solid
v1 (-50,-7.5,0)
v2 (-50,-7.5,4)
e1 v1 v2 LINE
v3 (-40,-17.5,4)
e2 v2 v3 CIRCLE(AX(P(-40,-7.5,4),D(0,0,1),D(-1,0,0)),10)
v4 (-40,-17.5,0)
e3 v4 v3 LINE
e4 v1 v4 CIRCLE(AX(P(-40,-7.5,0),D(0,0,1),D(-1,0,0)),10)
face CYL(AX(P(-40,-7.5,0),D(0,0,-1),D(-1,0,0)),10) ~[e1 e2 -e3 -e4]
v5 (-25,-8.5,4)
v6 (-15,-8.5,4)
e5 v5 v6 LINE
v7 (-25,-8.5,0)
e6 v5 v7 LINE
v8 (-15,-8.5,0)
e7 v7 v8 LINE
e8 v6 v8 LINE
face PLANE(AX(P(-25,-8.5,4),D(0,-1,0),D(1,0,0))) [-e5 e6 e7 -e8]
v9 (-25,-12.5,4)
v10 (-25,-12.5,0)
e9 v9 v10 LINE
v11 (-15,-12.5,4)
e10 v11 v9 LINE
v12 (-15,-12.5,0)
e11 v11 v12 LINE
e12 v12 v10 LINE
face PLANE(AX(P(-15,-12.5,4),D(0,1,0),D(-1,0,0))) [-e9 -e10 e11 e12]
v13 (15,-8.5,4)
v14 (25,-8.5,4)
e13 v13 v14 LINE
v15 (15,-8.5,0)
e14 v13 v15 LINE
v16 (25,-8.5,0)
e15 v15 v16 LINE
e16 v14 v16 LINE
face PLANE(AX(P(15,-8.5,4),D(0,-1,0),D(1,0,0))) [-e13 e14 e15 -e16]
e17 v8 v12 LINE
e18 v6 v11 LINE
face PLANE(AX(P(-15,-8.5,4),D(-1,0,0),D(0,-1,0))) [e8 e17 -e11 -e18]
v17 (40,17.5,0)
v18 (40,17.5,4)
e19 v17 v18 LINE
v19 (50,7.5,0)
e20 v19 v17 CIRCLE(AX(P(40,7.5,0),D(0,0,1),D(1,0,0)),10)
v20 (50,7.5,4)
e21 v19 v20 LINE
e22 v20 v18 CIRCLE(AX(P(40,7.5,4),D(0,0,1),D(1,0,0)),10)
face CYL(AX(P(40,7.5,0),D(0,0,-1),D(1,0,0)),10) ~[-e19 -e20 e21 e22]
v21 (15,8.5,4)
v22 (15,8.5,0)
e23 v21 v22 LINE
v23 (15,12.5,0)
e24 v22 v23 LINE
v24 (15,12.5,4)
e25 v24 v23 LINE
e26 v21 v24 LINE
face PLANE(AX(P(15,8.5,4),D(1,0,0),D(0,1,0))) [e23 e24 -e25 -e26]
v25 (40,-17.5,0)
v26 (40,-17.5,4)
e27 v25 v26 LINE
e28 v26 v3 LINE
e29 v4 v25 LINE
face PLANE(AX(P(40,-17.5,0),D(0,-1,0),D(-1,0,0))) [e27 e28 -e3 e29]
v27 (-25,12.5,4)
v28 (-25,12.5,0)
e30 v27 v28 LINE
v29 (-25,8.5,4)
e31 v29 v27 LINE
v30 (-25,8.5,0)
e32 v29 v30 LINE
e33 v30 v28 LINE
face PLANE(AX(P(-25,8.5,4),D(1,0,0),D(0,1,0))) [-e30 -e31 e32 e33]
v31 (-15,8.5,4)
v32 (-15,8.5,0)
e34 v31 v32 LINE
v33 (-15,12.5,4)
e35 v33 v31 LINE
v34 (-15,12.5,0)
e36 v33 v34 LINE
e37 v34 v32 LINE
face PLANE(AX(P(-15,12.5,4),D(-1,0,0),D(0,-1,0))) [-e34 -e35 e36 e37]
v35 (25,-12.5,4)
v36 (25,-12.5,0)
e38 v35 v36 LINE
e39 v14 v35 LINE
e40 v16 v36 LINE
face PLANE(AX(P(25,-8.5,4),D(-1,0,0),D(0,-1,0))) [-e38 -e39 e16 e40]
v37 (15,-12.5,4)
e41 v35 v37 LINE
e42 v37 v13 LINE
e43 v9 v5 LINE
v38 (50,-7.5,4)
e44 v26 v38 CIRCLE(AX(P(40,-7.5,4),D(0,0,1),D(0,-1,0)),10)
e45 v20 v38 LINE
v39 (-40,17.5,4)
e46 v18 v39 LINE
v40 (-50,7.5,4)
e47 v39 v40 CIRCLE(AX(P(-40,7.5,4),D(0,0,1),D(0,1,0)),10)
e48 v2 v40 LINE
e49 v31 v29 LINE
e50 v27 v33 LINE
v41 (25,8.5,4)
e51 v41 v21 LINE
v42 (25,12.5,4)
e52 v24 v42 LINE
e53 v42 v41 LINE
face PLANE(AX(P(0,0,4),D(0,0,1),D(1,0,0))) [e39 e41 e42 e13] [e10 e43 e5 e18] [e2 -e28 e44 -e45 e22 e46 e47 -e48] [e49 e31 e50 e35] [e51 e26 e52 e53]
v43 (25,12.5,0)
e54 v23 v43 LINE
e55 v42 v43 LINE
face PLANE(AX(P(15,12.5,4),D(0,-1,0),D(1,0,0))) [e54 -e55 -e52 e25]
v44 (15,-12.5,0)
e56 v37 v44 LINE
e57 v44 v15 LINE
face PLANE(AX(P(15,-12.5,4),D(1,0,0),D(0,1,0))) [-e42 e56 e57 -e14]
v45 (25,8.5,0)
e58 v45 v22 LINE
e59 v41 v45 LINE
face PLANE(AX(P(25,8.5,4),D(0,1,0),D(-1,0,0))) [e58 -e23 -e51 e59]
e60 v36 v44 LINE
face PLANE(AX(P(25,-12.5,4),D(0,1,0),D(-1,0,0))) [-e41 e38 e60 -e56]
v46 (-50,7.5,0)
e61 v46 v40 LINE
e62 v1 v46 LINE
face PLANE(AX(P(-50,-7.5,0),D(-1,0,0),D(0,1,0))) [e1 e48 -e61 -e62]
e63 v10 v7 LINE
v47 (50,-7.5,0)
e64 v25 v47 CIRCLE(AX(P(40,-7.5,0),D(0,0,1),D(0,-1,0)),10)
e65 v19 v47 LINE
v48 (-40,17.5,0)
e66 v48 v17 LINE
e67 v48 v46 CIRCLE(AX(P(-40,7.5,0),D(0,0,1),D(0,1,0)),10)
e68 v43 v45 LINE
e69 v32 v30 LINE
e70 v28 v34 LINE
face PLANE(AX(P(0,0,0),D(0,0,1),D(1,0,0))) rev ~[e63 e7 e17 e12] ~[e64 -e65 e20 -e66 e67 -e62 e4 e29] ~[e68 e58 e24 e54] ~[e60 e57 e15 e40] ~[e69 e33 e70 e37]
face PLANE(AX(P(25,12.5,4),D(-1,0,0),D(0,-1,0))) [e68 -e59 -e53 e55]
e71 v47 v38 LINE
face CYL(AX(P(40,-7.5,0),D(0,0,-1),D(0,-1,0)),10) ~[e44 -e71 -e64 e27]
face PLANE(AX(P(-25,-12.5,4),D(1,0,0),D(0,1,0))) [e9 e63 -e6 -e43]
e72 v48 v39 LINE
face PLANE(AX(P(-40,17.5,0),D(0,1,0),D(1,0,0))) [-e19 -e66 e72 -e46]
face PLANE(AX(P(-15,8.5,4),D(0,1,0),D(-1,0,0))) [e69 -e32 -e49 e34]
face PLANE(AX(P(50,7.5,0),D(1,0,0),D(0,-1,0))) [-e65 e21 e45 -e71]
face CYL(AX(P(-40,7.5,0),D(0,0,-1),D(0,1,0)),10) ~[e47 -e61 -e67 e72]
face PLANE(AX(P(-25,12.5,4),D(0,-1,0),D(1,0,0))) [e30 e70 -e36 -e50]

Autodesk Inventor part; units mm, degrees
ref_plane "YZ Plane" through (0, 0, 0) normal (1, 0, 0) x (0, 1, 0)
ref_plane "XZ Plane" through (0, 0, 0) normal (0, 1, 0) x (-1, 0, 0)
ref_plane "XY Plane" through (0, 0, 0) normal (0, 0, 1) x (1, 0, 0)
sketch "Эскиз1" plane through (0, 0, 0) normal (0, 0, 1) x (1, 0, 0)
  line L0 (40, -17.5) -> (22.4906, -17.5) projected
  arc A0 (40, -17.5) -> (50, -7.5) centre (40, -7.5) ccw projected
  line L1 (50, 7.5) -> (50, -7.5) projected
  arc A1 (50, 7.5) -> (40, 17.5) centre (40, 7.5) ccw projected
  line L2 (22.4906, 17.5) -> (40, 17.5) projected
  arc A2 (22.4906, 17.5) -> (53.3569, 60.2081) centre (-76.5583, 121.5932) ccw projected
  arc A3 (53.3569, 60.2081) -> (49.04, 63.7734) centre (57.3118, 69.3928) ccw projected
  arc A4 (49.04, 63.7734) -> (8.22, 17.5) centre (133.8701, -52.2004) ccw projected
  line L3 (-8.22, 17.5) -> (8.22, 17.5) projected
  arc A5 (-8.22, 17.5) -> (-49.04, 63.7734) centre (-133.8701, -52.2004) ccw projected
  arc A6 (-49.04, 63.7734) -> (-53.3569, 60.2081) centre (-57.3118, 69.3928) ccw projected
  arc A7 (-53.3569, 60.2081) -> (-22.4906, 17.5) centre (76.5583, 121.5932) ccw projected
  line L4 (-40, 17.5) -> (-22.4906, 17.5) projected
  arc A8 (-40, 17.5) -> (-50, 7.5) centre (-40, 7.5) ccw projected
  line L5 (-50, -7.5) -> (-50, 7.5) projected
  arc A9 (-50, -7.5) -> (-40, -17.5) centre (-40, -7.5) ccw projected
  line L6 (-22.4906, -17.5) -> (-40, -17.5) projected
  arc A10 (-22.4906, -17.5) -> (-53.3569, -60.2081) centre (76.5583, -121.5932) ccw projected
  arc A11 (-53.3569, -60.2081) -> (-49.04, -63.7734) centre (-57.3118, -69.3928) ccw projected
  arc A12 (-49.04, -63.7734) -> (-8.22, -17.5) centre (-133.8701, 52.2004) ccw projected
  line L7 (8.22, -17.5) -> (-8.22, -17.5) projected
  arc A13 (8.22, -17.5) -> (49.04, -63.7734) centre (133.8701, 52.2004) ccw projected
  arc A14 (49.04, -63.7734) -> (53.3569, -60.2081) centre (57.3118, -69.3928) ccw projected
  arc A15 (53.3569, -60.2081) -> (22.4906, -17.5) centre (-76.5583, -121.5932) ccw projected
  line L8 (22.4906, 17.5) -> (-22.4906, 17.5)
  line L9 (-22.4906, -17.5) -> (22.4906, -17.5)
  line L10 (25, 12.5) -> (25, 8.5) projected
  line L11 (25, 8.5) -> (15, 8.5) projected
  line L12 (15, 8.5) -> (15, 12.5) projected
  line L13 (15, 12.5) -> (25, 12.5) projected
  line L14 (-15, -8.5) -> (-15, -12.5) projected
  line L15 (-15, -12.5) -> (-25, -12.5) projected
  line L16 (-25, -12.5) -> (-25, -8.5) projected
  line L17 (-25, -8.5) -> (-15, -8.5) projected
  line L18 (25, -12.5) -> (15, -12.5) projected
  line L19 (15, -12.5) -> (15, -8.5) projected
  line L20 (15, -8.5) -> (25, -8.5) projected
  line L21 (25, -8.5) -> (25, -12.5) projected
  line L22 (-15, 8.5) -> (-25, 8.5) projected
  line L23 (-25, 8.5) -> (-25, 12.5) projected
  line L24 (-25, 12.5) -> (-15, 12.5) projected
  line L25 (-15, 12.5) -> (-15, 8.5) projected
  line L26 (44, -5.547) -> (40, -5.547) projected
  line L27 (40, -5.547) -> (40, 4.453) projected
  line L28 (40, 4.453) -> (44, 4.453) projected
  line L29 (44, 4.453) -> (44, -5.547) projected
  line L30 (-44, -5.547) -> (-44, 4.453) projected
  line L31 (-44, 4.453) -> (-40, 4.453) projected
  line L32 (-40, 4.453) -> (-40, -5.547) projected
  line L33 (-40, -5.547) -> (-44, -5.547) projected
  point P0 (0, 0)
  point P1 (8.22, 17.5)
  point P2 (-8.22, -17.5)
extrude "Выдавливание1" add sketch "Эскиз1" along normal blind 4 contours L0 L9 L7 L6 A9 L5 A8 L4 L8 L3 L2 A1 L1 A0 | L10 L11 L12 L13 | L14 L15 L16 L17 | L18 L19 L20 L21 | L22 L23 L24 L25 | L26 L27 L28 L29 | L30 L31 L32 L33
sketch "Эскиз2" plane through (0, 0, 4) normal (0, 0, 1) x (1, 0, 0)
  line L0 (15, 12.5) -> (25, 12.5) projected
  line L1 (25, 8.5) -> (15, 8.5) projected
  line L2 (25, 12.5) -> (25, 8.5) projected
  line L3 (15, 8.5) -> (15, 12.5) projected
  line L4 (15, -8.5) -> (25, -8.5) projected
  line L5 (25, -12.5) -> (15, -12.5) projected
  line L6 (25, -8.5) -> (25, -12.5) projected
  line L7 (15, -12.5) -> (15, -8.5) projected
  line L8 (-15, -8.5) -> (-15, -12.5) projected
  line L9 (-25, -12.5) -> (-25, -8.5) projected
  line L10 (-25, -8.5) -> (-15, -8.5) projected
  line L11 (-15, -12.5) -> (-25, -12.5) projected
  line L12 (-15, 8.5) -> (-25, 8.5) projected
  line L13 (-25, 12.5) -> (-15, 12.5) projected
  line L14 (-15, 12.5) -> (-15, 8.5) projected
  line L15 (-25, 8.5) -> (-25, 12.5) projected
  point P0 (0, 0)
extrude "Выдавливание2" cut sketch "Эскиз2" against normal blind 4
properties part number "bth"
